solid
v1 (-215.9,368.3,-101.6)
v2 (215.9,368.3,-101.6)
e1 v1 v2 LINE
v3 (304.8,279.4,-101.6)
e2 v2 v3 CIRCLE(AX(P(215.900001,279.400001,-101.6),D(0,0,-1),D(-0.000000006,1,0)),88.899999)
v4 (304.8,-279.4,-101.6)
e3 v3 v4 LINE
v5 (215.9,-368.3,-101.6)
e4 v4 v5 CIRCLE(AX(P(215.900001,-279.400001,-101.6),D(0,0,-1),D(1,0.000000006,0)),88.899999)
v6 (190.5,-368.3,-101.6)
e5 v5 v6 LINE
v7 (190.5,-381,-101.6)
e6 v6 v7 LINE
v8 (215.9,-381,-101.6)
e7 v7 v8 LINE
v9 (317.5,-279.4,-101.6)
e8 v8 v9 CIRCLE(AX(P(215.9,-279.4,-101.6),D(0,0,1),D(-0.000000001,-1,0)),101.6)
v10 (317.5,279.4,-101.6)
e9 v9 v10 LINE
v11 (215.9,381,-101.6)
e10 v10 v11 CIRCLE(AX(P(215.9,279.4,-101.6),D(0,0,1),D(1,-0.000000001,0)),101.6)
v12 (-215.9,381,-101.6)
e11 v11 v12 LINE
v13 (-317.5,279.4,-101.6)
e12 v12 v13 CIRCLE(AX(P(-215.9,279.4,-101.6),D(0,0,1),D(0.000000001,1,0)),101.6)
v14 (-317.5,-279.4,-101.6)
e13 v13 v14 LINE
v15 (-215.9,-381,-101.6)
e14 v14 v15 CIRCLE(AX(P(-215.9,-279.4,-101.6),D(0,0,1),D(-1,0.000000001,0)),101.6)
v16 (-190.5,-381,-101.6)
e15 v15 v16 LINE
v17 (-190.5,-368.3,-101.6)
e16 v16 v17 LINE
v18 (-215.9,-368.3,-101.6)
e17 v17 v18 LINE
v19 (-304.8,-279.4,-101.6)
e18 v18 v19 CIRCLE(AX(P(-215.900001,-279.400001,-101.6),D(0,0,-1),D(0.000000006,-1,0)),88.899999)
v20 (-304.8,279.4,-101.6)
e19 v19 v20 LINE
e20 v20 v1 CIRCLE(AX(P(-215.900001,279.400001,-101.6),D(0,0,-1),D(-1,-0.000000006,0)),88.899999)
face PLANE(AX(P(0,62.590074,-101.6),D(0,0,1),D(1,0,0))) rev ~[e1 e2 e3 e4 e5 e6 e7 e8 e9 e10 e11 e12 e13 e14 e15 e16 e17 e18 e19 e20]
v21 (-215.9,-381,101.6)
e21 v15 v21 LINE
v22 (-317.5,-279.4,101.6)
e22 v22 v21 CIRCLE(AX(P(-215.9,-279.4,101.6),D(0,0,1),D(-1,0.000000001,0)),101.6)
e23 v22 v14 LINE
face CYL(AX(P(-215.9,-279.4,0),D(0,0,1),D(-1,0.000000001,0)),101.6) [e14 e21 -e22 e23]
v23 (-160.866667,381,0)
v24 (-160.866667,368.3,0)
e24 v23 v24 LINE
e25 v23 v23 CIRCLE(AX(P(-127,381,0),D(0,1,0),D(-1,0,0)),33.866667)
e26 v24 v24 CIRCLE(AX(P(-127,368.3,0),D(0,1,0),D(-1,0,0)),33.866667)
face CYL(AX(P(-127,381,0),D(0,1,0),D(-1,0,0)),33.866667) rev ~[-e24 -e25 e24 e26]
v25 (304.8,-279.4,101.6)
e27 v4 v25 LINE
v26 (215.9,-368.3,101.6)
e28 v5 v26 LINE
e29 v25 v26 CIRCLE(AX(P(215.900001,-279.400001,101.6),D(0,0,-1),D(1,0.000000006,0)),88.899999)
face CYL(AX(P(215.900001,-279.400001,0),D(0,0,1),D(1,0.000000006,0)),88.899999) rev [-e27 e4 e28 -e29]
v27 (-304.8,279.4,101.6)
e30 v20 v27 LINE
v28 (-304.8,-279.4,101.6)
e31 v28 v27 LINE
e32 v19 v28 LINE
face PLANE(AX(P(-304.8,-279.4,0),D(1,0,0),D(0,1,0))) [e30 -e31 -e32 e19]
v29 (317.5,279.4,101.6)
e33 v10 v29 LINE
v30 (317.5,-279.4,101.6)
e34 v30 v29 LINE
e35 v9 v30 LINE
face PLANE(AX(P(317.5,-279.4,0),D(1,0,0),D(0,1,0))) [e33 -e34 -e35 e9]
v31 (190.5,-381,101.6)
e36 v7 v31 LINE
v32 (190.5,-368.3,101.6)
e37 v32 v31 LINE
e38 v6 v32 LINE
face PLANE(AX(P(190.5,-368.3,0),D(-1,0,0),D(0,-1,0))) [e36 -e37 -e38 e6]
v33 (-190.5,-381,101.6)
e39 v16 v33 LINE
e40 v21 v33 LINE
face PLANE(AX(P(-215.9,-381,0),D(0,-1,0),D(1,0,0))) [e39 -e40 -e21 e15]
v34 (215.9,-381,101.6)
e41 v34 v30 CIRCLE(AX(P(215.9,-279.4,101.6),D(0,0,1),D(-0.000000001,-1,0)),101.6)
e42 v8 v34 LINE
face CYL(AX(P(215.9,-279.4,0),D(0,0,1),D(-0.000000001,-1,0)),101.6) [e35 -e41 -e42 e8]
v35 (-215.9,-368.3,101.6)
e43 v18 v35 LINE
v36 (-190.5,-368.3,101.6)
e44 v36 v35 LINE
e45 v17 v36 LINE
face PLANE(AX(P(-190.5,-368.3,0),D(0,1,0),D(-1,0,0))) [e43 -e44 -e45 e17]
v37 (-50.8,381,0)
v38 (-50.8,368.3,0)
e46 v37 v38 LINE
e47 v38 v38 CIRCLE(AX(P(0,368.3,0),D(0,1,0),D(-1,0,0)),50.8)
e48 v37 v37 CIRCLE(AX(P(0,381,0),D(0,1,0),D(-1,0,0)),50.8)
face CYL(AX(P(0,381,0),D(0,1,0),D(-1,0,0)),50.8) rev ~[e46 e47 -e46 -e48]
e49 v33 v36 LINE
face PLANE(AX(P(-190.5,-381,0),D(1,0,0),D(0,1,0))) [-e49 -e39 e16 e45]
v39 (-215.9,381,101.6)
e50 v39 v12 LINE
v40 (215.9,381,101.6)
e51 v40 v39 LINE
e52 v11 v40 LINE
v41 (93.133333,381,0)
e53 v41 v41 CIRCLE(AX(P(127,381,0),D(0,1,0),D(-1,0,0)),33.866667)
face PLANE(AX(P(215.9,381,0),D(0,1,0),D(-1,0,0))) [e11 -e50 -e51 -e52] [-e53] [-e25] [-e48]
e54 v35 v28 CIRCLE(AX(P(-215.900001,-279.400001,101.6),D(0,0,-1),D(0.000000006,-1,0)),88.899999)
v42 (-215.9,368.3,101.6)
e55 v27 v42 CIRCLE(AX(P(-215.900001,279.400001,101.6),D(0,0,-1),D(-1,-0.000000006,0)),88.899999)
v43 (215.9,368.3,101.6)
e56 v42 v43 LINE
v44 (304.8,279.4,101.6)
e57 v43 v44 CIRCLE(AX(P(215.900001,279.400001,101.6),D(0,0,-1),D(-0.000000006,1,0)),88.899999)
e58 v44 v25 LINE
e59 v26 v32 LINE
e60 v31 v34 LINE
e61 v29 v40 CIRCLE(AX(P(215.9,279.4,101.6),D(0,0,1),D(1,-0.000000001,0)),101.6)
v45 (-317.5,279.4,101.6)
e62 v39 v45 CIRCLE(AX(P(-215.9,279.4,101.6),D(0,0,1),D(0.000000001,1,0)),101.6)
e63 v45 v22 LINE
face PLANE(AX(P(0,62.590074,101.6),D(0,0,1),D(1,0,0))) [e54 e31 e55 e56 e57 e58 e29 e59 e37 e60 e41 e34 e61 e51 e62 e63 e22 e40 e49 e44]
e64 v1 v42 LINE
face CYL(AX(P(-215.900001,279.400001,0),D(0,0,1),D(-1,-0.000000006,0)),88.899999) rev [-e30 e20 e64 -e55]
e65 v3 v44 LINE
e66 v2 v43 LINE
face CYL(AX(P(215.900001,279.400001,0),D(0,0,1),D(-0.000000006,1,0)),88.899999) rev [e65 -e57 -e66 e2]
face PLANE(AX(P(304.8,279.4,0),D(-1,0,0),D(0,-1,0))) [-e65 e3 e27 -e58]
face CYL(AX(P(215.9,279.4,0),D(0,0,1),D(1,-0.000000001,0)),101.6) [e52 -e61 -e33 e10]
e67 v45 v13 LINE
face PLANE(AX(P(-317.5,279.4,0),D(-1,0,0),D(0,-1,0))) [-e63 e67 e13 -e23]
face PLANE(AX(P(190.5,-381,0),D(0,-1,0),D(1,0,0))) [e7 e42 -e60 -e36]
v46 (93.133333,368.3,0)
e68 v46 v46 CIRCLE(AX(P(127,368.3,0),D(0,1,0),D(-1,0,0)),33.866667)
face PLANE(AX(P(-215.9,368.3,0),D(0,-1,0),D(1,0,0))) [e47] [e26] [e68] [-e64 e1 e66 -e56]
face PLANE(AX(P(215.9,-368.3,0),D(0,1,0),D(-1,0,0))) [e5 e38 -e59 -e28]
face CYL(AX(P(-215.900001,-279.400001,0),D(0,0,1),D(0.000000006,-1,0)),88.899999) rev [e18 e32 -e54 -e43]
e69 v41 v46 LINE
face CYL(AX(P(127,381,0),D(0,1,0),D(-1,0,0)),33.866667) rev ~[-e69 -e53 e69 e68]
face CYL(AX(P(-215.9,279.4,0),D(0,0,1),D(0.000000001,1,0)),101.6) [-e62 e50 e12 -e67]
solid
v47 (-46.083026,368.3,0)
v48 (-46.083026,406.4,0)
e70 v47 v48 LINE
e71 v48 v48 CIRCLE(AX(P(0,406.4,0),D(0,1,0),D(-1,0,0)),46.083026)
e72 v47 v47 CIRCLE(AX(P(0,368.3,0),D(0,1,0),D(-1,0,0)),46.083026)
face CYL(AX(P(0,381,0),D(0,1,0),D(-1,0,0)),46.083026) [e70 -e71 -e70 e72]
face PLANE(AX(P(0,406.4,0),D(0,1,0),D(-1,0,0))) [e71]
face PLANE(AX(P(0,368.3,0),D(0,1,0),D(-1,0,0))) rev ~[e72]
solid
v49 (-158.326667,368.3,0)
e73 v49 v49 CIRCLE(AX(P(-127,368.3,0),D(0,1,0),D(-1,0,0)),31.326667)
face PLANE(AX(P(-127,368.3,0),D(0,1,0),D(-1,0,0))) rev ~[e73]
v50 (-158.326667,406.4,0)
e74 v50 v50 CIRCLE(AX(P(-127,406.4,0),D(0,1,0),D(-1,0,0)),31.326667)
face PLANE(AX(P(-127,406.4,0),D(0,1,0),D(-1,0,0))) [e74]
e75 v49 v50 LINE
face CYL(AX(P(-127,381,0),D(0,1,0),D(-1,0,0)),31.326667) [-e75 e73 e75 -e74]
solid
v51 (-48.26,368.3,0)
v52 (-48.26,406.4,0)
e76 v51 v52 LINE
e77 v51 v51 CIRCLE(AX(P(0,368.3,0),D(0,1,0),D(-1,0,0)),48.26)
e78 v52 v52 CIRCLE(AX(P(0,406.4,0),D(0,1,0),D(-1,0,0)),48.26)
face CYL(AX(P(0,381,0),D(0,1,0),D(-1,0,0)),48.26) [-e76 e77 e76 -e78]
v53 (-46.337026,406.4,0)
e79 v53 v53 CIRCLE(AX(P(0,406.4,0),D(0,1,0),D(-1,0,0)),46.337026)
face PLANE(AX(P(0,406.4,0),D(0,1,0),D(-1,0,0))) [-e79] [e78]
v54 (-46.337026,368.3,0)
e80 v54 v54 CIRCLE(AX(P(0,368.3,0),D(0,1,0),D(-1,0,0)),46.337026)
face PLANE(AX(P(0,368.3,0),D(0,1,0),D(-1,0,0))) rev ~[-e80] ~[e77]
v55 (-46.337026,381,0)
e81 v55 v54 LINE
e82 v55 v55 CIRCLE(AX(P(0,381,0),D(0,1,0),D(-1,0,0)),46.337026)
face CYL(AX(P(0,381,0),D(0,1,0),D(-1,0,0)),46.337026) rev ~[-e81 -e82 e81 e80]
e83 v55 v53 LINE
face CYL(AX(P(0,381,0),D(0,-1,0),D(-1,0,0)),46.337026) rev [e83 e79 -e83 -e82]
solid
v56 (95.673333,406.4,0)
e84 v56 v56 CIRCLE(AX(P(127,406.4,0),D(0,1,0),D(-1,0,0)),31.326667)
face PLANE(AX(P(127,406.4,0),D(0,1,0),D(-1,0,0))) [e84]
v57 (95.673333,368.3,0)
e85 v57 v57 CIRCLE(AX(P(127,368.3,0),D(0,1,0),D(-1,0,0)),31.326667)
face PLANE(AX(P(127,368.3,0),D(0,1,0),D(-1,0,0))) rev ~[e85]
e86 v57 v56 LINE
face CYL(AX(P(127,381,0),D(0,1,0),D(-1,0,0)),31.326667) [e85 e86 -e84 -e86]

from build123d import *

# Parameters (mm, degrees)
F1_DEPTH      = 101.6
F1_DEPTH_BACK = 101.6
F2_R          = 50.8
F2_R_2        = 33.866667
F3_DEPTH      = 25.4
F4_R          = 48.26
F4_R_2        = 46.337026
F4_R_3        = 31.326667
F5_DEPTH      = 25.4
F5_DEPTH_BACK = 12.7
F6_R          = 46.083026
F7_DEPTH      = 25.4
F7_DEPTH_BACK = 12.7


with BuildPart() as f1:
    # F0 (on Top) → F1 (new body, two sides)
    with BuildSketch(Plane.XY) as f1_sk:
        with BuildLine():
            ThreePointArc((-317.5, -279.4), (-287.742049, -351.242049), (-215.9, -381))
            Line((-215.9, -381), (-190.5, -381))
            Line((-190.5, -381), (-190.5, -368.3))
            Line((-190.5, -368.3), (-215.9, -368.3))
            ThreePointArc((-215.9, -368.3), (-278.761793, -342.261793), (-304.8, -279.4))
            Line((-304.8, -279.4), (-304.8, 279.4))
            ThreePointArc((-304.8, 279.4), (-278.761793, 342.261793), (-215.9, 368.3))
            Line((-215.9, 368.3), (215.9, 368.3))
            ThreePointArc((215.9, 368.3), (278.761793, 342.261793), (304.8, 279.4))
            Line((304.8, 279.4), (304.8, -279.4))
            ThreePointArc((304.8, -279.4), (278.761793, -342.261793), (215.9, -368.3))
            Line((215.9, -368.3), (190.5, -368.3))
            Line((190.5, -368.3), (190.5, -381))
            Line((190.5, -381), (215.9, -381))
            ThreePointArc((215.9, -381), (287.742049, -351.242049), (317.5, -279.4))
            Line((317.5, -279.4), (317.5, 279.4))
            ThreePointArc((317.5, 279.4), (287.742049, 351.242049), (215.9, 381))
            Line((215.9, 381), (-215.9, 381))
            ThreePointArc((-215.9, 381), (-287.742049, 351.242049), (-317.5, 279.4))
            Line((-317.5, 279.4), (-317.5, -279.4))
        make_face()
    extrude(amount=F1_DEPTH)
    extrude(f1_sk.sketch, amount=-F1_DEPTH_BACK)

    # F2 (on face) → F3 (cut)
    with BuildSketch(Plane(origin=(0, 381, 0), x_dir=(-1, 0, 0), z_dir=(0, 1, 0))):
        Circle(F2_R)
        with Locations((-127, 0)):
            Circle(F2_R_2)
        with Locations((127, 0)):
            Circle(F2_R_2)
    extrude(amount=-F3_DEPTH, mode=Mode.SUBTRACT)


with BuildPart() as f5:
    # F4 (on face) → F5 (new body, two sides)
    with BuildSketch(Plane(origin=(0, 381, 0), x_dir=(-1, 0, 0), z_dir=(0, 1, 0))) as f5_sk:
        Circle(F4_R)
        Circle(F4_R_2, mode=Mode.SUBTRACT)
        with Locations((-127, 0)):
            Circle(F4_R_3)
        with Locations((127, 0)):
            Circle(F4_R_3)
    extrude(amount=F5_DEPTH)
    extrude(f5_sk.sketch, amount=-F5_DEPTH_BACK)


with BuildPart() as f7:
    # F6 (on face) → F7 (new body, two sides)
    with BuildSketch(Plane(origin=(0, 381, 0), x_dir=(-1, 0, 0), z_dir=(0, 1, 0))) as f7_sk:
        Circle(F6_R)
    extrude(amount=F7_DEPTH)
    extrude(f7_sk.sketch, amount=-F7_DEPTH_BACK)


solid = Compound([f1.part, f5.part, f7.part])
